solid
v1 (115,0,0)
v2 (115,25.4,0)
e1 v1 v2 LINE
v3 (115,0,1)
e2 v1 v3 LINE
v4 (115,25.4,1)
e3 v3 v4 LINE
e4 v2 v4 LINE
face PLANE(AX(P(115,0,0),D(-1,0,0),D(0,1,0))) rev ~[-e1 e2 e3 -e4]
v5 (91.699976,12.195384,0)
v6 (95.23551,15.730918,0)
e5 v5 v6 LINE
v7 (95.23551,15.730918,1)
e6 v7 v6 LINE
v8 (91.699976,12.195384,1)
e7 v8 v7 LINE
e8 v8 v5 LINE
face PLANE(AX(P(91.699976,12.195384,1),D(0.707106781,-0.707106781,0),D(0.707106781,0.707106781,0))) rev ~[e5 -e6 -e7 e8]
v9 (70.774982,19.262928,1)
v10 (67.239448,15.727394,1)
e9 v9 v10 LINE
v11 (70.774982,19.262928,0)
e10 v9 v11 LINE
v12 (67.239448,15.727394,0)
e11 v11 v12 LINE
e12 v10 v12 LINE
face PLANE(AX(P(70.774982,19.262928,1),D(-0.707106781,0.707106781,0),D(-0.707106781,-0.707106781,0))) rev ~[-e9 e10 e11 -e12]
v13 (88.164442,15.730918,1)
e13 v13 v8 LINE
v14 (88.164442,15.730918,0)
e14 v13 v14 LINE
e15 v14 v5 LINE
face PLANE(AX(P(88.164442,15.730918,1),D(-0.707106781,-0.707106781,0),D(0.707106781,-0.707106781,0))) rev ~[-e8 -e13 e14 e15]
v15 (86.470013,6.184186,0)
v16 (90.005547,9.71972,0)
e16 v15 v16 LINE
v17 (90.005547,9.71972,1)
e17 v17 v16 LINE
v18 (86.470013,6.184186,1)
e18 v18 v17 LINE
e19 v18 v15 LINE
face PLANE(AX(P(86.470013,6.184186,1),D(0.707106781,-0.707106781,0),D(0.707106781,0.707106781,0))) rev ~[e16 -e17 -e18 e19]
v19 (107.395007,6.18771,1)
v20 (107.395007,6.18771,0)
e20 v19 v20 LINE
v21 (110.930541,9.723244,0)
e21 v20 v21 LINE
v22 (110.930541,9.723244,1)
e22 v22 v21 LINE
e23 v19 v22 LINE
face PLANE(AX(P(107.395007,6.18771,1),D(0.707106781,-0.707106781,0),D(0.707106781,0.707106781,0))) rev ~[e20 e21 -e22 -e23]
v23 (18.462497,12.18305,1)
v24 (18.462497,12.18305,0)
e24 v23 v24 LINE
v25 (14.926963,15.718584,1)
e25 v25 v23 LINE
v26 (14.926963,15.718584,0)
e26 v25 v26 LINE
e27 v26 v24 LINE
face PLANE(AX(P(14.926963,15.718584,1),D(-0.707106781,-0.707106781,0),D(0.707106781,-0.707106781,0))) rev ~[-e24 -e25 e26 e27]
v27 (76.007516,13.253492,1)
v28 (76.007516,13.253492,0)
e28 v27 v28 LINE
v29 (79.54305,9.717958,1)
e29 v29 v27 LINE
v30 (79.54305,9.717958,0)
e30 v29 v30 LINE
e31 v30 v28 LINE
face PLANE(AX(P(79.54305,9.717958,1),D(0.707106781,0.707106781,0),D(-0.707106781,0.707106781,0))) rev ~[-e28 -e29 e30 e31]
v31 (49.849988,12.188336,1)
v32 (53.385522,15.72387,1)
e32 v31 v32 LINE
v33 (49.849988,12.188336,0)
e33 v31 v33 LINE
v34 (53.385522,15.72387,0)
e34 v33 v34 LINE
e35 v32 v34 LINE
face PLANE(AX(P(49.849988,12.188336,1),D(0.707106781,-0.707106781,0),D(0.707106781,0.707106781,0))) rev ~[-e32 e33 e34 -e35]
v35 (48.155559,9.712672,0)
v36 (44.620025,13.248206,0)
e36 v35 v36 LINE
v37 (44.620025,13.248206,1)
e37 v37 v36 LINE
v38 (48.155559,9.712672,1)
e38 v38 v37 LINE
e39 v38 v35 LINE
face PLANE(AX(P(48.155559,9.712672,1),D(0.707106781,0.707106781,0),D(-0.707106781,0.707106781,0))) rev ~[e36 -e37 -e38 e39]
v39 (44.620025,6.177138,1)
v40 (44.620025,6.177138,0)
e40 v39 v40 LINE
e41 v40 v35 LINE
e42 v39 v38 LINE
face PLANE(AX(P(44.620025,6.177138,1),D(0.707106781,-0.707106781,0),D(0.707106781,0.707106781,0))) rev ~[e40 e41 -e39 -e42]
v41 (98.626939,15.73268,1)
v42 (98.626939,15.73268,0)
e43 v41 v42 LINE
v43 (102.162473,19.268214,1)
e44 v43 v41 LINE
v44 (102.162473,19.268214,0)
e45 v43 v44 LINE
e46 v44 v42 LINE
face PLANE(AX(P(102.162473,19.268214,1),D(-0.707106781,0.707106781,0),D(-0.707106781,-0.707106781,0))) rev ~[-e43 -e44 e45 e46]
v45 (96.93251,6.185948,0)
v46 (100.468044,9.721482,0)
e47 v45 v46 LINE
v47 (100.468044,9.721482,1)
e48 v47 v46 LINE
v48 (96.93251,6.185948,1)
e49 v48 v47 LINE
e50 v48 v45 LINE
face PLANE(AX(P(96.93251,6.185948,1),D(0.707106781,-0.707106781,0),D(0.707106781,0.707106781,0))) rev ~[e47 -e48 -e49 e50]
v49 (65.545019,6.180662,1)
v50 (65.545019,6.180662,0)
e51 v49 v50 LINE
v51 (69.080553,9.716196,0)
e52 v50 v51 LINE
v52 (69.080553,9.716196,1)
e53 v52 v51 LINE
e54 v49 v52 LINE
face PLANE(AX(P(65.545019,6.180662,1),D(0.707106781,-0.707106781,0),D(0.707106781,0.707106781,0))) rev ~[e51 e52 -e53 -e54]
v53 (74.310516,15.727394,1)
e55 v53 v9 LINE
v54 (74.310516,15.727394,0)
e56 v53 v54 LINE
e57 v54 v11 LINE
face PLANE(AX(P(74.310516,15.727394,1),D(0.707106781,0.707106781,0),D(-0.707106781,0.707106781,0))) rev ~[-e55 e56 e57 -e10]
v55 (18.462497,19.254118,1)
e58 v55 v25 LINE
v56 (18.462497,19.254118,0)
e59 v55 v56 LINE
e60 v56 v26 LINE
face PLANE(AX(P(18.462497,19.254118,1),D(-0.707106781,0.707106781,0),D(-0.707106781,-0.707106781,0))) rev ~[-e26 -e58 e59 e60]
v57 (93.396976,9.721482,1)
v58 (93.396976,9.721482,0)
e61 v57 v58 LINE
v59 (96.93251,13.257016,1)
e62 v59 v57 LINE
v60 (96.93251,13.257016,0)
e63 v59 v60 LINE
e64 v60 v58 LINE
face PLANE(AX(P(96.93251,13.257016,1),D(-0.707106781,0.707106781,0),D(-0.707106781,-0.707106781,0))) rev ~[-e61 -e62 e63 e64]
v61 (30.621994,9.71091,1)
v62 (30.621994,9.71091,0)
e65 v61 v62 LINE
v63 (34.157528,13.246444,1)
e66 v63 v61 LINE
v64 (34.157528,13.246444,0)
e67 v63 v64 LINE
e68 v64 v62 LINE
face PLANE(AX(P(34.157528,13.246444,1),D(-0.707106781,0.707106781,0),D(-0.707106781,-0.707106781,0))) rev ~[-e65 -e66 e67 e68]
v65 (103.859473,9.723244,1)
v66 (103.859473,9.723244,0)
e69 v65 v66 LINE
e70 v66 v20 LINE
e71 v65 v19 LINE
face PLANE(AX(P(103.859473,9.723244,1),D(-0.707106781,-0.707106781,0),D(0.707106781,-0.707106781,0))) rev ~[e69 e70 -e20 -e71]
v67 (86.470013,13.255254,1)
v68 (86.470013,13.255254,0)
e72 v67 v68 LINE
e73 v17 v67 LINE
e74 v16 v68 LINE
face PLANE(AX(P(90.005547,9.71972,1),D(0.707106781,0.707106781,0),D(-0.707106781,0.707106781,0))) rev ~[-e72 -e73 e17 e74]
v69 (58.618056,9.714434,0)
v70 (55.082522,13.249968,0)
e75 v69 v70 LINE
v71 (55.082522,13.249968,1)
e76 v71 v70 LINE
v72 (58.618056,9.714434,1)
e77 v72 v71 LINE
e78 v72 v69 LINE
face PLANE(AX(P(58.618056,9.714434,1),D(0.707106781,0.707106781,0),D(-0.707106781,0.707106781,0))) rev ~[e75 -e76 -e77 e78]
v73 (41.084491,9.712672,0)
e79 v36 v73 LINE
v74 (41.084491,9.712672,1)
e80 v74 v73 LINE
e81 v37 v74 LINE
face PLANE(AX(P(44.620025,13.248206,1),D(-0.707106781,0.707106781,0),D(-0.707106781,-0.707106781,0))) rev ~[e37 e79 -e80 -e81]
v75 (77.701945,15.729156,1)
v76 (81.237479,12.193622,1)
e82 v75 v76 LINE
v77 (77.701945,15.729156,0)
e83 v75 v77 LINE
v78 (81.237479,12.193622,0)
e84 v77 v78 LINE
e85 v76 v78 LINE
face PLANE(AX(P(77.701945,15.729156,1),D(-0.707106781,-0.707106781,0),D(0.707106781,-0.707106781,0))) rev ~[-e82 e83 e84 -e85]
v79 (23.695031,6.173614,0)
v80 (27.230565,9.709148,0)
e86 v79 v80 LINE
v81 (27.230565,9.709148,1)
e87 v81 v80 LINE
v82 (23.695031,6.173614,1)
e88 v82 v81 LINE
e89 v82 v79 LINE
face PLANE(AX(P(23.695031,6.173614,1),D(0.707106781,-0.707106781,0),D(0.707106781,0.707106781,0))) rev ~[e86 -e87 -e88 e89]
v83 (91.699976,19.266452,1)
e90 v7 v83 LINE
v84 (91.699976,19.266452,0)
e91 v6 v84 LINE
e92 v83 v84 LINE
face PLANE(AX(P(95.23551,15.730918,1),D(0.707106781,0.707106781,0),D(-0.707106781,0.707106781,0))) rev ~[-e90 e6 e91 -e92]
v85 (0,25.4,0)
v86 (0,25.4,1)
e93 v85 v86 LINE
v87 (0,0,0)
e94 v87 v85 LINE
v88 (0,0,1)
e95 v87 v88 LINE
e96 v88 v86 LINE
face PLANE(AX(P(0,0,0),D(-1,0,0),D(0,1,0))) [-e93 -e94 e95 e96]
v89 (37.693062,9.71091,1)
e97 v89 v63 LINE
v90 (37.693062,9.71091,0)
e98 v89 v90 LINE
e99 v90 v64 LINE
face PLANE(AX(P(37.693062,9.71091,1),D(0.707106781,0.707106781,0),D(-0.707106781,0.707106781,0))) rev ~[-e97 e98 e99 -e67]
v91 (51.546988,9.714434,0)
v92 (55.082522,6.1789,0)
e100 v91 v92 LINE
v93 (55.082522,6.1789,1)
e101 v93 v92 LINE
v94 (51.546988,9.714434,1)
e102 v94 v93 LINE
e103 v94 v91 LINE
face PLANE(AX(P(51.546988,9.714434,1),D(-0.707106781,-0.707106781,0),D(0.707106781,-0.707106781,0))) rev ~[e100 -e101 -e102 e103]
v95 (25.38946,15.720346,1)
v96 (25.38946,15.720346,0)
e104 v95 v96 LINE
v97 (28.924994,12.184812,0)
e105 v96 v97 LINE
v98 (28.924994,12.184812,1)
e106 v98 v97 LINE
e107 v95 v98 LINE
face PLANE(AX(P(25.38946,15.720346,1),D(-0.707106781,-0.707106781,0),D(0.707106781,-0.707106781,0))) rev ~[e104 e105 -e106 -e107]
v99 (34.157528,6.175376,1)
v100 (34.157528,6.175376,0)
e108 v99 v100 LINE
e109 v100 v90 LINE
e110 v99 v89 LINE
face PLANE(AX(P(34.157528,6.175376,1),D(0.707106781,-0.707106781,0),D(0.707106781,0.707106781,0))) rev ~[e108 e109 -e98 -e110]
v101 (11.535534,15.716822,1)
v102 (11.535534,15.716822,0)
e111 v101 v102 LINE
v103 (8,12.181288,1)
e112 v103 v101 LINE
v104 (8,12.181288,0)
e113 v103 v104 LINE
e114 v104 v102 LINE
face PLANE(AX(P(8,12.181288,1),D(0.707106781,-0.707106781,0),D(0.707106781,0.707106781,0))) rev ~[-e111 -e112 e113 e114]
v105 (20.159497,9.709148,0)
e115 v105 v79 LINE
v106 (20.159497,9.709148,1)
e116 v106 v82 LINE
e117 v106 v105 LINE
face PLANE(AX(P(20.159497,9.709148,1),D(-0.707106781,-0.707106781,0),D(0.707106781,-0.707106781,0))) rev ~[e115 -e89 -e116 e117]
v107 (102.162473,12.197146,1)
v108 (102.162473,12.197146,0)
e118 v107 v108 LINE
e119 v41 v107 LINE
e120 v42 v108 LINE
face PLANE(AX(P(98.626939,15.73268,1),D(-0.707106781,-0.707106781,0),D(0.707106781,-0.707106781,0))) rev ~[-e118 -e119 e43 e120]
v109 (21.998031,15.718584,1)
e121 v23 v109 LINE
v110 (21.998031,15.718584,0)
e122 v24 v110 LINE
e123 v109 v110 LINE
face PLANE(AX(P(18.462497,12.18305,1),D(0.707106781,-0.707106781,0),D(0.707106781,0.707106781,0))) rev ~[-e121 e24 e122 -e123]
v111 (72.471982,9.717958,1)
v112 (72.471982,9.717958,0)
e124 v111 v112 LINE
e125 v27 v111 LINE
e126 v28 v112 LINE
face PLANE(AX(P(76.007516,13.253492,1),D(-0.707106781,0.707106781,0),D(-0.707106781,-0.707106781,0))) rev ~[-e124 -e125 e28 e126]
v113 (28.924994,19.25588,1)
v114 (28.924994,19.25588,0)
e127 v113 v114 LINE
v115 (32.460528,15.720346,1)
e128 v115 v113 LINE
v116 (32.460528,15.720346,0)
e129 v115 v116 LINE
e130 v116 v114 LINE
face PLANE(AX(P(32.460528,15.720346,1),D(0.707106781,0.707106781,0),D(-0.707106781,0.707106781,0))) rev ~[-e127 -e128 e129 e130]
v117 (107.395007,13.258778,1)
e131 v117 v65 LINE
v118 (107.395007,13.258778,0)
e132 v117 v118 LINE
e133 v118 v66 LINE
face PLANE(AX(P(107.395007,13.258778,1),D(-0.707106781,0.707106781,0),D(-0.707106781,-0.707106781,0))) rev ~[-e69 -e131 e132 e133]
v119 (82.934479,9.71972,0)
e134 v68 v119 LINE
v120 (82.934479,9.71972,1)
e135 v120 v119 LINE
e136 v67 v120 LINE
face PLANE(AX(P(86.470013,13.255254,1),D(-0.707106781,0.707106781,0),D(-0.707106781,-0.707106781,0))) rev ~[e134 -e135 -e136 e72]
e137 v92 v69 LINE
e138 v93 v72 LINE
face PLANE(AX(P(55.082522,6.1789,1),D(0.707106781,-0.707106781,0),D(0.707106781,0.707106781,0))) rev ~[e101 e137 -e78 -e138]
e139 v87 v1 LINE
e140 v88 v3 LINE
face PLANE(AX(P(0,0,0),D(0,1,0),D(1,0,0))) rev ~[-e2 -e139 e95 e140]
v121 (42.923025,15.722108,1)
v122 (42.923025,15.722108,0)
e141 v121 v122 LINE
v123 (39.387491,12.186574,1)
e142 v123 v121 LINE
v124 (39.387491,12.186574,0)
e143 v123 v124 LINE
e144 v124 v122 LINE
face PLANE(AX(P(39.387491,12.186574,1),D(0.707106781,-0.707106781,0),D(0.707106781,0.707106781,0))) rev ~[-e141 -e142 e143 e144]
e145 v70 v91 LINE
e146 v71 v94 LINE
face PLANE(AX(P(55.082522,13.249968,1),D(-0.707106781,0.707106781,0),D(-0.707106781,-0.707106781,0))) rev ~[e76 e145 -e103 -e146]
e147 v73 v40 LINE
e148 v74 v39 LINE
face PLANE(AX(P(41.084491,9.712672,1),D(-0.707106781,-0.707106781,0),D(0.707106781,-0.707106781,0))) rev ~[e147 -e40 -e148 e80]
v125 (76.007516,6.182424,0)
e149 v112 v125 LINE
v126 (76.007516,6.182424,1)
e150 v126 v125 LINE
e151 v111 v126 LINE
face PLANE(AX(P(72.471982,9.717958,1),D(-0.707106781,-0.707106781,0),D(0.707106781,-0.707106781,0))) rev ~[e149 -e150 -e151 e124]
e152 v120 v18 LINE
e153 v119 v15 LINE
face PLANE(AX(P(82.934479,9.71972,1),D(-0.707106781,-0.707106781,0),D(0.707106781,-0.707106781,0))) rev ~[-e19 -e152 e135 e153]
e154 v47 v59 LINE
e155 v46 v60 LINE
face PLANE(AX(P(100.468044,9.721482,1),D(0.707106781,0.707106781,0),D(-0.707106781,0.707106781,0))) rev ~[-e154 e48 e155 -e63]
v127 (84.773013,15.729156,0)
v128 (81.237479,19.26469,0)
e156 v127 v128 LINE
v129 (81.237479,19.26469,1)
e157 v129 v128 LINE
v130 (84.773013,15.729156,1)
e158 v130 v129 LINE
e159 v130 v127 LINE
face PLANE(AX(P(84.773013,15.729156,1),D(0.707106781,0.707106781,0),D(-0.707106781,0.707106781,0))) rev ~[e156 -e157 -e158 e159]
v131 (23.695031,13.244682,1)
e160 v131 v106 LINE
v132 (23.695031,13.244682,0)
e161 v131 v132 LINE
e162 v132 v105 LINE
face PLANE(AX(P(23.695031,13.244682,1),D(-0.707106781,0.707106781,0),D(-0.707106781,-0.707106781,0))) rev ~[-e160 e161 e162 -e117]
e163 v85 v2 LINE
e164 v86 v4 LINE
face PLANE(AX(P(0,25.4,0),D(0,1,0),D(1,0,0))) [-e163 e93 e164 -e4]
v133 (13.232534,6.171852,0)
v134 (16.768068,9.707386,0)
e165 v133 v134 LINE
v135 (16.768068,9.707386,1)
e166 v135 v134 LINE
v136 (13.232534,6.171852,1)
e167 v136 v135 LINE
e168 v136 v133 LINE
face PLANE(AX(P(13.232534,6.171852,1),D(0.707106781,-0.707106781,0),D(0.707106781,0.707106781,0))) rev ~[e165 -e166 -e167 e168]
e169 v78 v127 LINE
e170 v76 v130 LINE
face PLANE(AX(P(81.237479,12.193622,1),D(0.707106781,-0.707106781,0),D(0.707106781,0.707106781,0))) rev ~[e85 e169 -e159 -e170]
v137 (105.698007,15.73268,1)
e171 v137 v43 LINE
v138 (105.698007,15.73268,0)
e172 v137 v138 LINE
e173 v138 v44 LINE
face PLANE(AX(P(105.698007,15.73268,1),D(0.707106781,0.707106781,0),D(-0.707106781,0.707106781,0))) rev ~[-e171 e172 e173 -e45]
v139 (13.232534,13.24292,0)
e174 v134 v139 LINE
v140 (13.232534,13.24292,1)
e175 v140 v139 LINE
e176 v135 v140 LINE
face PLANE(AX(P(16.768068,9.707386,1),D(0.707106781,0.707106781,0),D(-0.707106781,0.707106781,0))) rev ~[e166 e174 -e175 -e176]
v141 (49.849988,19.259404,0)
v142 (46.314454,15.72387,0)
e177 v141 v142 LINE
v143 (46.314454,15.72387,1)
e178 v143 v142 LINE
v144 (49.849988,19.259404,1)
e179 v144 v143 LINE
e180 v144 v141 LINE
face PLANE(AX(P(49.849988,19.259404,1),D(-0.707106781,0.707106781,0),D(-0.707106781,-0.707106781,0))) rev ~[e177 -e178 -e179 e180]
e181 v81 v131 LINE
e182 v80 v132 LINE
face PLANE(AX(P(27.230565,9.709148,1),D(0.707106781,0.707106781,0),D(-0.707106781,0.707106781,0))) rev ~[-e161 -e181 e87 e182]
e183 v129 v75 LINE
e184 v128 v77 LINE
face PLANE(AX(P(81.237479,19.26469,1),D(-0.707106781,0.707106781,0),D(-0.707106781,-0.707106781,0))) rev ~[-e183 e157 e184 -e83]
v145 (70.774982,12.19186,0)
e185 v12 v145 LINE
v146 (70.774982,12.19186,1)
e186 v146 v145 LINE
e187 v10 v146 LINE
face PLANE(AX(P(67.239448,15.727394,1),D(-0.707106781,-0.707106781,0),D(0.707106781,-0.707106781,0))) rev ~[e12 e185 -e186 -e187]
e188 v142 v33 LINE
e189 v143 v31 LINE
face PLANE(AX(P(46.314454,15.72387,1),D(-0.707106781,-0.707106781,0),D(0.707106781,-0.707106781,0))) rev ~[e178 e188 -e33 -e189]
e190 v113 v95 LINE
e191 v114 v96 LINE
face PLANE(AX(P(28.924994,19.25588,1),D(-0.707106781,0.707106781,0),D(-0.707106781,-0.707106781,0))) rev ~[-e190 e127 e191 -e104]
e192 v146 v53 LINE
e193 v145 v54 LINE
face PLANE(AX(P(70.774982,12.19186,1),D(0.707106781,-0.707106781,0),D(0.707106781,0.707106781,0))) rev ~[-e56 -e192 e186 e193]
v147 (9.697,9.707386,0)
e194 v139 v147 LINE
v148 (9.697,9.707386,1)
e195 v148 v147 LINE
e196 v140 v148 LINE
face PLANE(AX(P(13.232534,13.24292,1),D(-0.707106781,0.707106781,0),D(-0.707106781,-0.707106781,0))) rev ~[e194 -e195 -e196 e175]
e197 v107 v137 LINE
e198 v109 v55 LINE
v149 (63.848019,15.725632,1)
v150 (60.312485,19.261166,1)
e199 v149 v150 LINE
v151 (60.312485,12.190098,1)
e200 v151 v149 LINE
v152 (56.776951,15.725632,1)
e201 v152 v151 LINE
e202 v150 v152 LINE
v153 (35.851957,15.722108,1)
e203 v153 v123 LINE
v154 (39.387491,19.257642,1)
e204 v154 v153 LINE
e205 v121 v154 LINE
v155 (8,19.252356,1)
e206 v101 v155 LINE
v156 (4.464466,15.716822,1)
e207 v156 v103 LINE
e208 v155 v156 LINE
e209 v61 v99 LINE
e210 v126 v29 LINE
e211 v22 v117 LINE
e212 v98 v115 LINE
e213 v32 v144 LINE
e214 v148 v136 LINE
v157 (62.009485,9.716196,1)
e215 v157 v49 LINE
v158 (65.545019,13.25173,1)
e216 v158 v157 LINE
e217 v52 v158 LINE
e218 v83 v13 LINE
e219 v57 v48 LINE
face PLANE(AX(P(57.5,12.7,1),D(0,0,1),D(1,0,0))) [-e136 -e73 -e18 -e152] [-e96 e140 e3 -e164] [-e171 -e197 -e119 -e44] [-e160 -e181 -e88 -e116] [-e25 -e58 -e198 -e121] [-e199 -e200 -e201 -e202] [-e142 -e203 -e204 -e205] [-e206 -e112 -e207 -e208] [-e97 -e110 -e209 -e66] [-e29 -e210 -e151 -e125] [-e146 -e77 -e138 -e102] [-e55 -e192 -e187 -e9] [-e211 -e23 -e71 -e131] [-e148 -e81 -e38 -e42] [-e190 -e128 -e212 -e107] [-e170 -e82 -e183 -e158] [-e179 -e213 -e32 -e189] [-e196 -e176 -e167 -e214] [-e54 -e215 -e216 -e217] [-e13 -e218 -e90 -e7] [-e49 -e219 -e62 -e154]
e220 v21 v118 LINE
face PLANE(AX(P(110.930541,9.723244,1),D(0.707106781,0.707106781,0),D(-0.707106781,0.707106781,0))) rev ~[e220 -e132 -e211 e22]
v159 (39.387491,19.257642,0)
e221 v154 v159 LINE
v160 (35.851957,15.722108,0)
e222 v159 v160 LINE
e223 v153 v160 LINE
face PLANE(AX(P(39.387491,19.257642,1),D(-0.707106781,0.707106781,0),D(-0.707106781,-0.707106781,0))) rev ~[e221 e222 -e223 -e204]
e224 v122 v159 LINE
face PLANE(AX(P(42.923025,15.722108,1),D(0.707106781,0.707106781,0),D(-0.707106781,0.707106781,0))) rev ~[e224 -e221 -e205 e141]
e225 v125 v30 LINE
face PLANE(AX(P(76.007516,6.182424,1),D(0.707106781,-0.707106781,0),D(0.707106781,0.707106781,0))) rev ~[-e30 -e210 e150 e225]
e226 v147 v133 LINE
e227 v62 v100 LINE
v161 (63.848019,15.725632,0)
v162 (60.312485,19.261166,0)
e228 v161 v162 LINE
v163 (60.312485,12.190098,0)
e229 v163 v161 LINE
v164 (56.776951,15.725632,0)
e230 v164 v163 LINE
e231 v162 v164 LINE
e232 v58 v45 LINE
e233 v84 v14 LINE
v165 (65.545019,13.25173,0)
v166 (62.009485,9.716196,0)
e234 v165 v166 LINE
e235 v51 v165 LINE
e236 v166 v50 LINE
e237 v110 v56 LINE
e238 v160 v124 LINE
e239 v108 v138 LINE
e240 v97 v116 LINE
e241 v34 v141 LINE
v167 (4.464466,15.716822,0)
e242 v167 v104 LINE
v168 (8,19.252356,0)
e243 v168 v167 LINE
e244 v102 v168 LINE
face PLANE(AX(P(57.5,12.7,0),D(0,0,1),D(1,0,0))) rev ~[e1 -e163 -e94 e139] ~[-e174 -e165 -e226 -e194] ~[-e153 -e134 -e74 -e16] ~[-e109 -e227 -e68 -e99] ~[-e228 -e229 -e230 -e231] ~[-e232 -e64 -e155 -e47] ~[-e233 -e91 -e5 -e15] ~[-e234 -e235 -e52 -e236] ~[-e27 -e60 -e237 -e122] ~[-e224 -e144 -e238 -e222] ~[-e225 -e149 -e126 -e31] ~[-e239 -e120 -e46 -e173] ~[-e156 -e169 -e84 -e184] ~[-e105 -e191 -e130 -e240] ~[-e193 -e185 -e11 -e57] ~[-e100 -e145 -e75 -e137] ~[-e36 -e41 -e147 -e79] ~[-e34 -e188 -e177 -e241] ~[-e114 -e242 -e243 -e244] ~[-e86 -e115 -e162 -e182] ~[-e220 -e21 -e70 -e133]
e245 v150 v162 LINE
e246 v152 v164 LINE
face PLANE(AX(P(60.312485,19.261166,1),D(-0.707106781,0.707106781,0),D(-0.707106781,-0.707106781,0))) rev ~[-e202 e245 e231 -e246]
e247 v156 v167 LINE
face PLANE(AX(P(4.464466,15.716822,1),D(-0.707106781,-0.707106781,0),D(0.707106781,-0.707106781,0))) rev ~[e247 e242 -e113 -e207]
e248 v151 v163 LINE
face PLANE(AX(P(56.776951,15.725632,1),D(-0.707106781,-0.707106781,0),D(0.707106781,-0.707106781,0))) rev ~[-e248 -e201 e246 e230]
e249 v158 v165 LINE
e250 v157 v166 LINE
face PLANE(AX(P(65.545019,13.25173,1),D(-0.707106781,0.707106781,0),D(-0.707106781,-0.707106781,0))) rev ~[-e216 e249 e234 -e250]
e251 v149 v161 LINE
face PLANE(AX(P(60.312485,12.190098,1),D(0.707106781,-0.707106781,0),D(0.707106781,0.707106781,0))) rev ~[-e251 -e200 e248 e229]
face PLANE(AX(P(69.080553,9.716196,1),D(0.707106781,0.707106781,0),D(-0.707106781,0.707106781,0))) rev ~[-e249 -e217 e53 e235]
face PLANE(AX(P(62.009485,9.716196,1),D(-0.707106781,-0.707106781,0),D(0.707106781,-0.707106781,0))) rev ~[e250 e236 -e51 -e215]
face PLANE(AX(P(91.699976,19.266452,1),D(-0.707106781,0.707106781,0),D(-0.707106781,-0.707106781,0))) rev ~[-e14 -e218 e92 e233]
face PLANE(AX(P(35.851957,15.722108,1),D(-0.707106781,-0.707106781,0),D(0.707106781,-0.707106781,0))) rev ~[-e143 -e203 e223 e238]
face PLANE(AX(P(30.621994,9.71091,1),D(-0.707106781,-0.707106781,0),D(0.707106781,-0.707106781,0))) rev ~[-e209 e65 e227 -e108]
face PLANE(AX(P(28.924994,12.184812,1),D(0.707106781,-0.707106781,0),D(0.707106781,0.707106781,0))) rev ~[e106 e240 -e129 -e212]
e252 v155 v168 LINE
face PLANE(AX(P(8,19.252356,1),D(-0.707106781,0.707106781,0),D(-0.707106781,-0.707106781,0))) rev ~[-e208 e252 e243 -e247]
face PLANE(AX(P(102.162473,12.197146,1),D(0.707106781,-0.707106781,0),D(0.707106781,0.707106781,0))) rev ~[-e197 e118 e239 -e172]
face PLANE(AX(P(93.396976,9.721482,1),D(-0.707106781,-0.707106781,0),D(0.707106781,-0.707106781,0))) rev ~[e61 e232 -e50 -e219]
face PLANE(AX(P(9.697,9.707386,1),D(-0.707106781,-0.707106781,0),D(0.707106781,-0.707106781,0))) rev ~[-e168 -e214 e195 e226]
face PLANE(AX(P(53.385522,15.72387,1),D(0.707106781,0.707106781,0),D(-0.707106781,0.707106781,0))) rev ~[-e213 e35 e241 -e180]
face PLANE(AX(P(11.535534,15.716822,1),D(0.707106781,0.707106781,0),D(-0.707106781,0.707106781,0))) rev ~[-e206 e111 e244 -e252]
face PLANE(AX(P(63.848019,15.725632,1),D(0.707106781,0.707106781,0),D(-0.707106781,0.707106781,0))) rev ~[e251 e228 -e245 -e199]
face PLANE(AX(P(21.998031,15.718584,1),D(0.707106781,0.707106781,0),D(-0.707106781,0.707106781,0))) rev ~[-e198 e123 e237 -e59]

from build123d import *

# Parameters (mm, degrees)
BOX_W        = 115
BOX_H        = 25.4
BOX_DEPTH    = 1
POCKET_DEPTH = 5


with BuildPart() as part:
    # Box → Box (new body)
    with BuildSketch(Plane.XY):
        with Locations((57.5, 12.7)):
            Rectangle(BOX_W, BOX_H)
    extrude(amount=BOX_DEPTH)

    # Sketch (on Face6 of BaseFeature) → Pocket (cut)
    with BuildSketch(Plane.XY.offset(1)):
        Polygon((8, 12.181288), (11.535534, 15.716822), (8, 19.252356), (4.464466, 15.716822), align=None)
        Polygon((18.462497, 12.18305), (21.998031, 15.718584), (18.462497, 19.254118), (14.926963, 15.718584), align=None)
        Polygon((28.924994, 12.184812), (32.460528, 15.720346), (28.924994, 19.25588), (25.38946, 15.720346), align=None)
        Polygon((39.387491, 12.186574), (42.923025, 15.722108), (39.387491, 19.257642), (35.851957, 15.722108), align=None)
        Polygon((49.849988, 12.188336), (53.385522, 15.72387), (49.849988, 19.259404), (46.314454, 15.72387), align=None)
        Polygon((60.312485, 12.190098), (63.848019, 15.725632), (60.312485, 19.261166), (56.776951, 15.725632), align=None)
        Polygon((70.774982, 12.19186), (74.310516, 15.727394), (70.774982, 19.262928), (67.239448, 15.727394), align=None)
        Polygon((81.237479, 12.193622), (84.773013, 15.729156), (81.237479, 19.26469), (77.701945, 15.729156), align=None)
        Polygon((91.699976, 12.195384), (95.23551, 15.730918), (91.699976, 19.266452), (88.164442, 15.730918), align=None)
        Polygon((102.162473, 12.197146), (105.698007, 15.73268), (102.162473, 19.268214), (98.626939, 15.73268), align=None)
        Polygon((13.232534, 6.171852), (16.768068, 9.707386), (13.232534, 13.24292), (9.697, 9.707386), align=None)
        Polygon((23.695031, 6.173614), (27.230565, 9.709148), (23.695031, 13.244682), (20.159497, 9.709148), align=None)
        Polygon((34.157528, 6.175376), (37.693062, 9.71091), (34.157528, 13.246444), (30.621994, 9.71091), align=None)
        Polygon((44.620025, 6.177138), (48.155559, 9.712672), (44.620025, 13.248206), (41.084491, 9.712672), align=None)
        Polygon((55.082522, 6.1789), (58.618056, 9.714434), (55.082522, 13.249968), (51.546988, 9.714434), align=None)
        Polygon((65.545019, 6.180662), (69.080553, 9.716196), (65.545019, 13.25173), (62.009485, 9.716196), align=None)
        Polygon((76.007516, 6.182424), (79.54305, 9.717958), (76.007516, 13.253492), (72.471982, 9.717958), align=None)
        Polygon((86.470013, 6.184186), (90.005547, 9.71972), (86.470013, 13.255254), (82.934479, 9.71972), align=None)
        Polygon((96.93251, 6.185948), (100.468044, 9.721482), (96.93251, 13.257016), (93.396976, 9.721482), align=None)
        Polygon((107.395007, 6.18771), (110.930541, 9.723244), (107.395007, 13.258778), (103.859473, 9.723244), align=None)
    extrude(amount=-POCKET_DEPTH, mode=Mode.SUBTRACT)


solid = part.part
